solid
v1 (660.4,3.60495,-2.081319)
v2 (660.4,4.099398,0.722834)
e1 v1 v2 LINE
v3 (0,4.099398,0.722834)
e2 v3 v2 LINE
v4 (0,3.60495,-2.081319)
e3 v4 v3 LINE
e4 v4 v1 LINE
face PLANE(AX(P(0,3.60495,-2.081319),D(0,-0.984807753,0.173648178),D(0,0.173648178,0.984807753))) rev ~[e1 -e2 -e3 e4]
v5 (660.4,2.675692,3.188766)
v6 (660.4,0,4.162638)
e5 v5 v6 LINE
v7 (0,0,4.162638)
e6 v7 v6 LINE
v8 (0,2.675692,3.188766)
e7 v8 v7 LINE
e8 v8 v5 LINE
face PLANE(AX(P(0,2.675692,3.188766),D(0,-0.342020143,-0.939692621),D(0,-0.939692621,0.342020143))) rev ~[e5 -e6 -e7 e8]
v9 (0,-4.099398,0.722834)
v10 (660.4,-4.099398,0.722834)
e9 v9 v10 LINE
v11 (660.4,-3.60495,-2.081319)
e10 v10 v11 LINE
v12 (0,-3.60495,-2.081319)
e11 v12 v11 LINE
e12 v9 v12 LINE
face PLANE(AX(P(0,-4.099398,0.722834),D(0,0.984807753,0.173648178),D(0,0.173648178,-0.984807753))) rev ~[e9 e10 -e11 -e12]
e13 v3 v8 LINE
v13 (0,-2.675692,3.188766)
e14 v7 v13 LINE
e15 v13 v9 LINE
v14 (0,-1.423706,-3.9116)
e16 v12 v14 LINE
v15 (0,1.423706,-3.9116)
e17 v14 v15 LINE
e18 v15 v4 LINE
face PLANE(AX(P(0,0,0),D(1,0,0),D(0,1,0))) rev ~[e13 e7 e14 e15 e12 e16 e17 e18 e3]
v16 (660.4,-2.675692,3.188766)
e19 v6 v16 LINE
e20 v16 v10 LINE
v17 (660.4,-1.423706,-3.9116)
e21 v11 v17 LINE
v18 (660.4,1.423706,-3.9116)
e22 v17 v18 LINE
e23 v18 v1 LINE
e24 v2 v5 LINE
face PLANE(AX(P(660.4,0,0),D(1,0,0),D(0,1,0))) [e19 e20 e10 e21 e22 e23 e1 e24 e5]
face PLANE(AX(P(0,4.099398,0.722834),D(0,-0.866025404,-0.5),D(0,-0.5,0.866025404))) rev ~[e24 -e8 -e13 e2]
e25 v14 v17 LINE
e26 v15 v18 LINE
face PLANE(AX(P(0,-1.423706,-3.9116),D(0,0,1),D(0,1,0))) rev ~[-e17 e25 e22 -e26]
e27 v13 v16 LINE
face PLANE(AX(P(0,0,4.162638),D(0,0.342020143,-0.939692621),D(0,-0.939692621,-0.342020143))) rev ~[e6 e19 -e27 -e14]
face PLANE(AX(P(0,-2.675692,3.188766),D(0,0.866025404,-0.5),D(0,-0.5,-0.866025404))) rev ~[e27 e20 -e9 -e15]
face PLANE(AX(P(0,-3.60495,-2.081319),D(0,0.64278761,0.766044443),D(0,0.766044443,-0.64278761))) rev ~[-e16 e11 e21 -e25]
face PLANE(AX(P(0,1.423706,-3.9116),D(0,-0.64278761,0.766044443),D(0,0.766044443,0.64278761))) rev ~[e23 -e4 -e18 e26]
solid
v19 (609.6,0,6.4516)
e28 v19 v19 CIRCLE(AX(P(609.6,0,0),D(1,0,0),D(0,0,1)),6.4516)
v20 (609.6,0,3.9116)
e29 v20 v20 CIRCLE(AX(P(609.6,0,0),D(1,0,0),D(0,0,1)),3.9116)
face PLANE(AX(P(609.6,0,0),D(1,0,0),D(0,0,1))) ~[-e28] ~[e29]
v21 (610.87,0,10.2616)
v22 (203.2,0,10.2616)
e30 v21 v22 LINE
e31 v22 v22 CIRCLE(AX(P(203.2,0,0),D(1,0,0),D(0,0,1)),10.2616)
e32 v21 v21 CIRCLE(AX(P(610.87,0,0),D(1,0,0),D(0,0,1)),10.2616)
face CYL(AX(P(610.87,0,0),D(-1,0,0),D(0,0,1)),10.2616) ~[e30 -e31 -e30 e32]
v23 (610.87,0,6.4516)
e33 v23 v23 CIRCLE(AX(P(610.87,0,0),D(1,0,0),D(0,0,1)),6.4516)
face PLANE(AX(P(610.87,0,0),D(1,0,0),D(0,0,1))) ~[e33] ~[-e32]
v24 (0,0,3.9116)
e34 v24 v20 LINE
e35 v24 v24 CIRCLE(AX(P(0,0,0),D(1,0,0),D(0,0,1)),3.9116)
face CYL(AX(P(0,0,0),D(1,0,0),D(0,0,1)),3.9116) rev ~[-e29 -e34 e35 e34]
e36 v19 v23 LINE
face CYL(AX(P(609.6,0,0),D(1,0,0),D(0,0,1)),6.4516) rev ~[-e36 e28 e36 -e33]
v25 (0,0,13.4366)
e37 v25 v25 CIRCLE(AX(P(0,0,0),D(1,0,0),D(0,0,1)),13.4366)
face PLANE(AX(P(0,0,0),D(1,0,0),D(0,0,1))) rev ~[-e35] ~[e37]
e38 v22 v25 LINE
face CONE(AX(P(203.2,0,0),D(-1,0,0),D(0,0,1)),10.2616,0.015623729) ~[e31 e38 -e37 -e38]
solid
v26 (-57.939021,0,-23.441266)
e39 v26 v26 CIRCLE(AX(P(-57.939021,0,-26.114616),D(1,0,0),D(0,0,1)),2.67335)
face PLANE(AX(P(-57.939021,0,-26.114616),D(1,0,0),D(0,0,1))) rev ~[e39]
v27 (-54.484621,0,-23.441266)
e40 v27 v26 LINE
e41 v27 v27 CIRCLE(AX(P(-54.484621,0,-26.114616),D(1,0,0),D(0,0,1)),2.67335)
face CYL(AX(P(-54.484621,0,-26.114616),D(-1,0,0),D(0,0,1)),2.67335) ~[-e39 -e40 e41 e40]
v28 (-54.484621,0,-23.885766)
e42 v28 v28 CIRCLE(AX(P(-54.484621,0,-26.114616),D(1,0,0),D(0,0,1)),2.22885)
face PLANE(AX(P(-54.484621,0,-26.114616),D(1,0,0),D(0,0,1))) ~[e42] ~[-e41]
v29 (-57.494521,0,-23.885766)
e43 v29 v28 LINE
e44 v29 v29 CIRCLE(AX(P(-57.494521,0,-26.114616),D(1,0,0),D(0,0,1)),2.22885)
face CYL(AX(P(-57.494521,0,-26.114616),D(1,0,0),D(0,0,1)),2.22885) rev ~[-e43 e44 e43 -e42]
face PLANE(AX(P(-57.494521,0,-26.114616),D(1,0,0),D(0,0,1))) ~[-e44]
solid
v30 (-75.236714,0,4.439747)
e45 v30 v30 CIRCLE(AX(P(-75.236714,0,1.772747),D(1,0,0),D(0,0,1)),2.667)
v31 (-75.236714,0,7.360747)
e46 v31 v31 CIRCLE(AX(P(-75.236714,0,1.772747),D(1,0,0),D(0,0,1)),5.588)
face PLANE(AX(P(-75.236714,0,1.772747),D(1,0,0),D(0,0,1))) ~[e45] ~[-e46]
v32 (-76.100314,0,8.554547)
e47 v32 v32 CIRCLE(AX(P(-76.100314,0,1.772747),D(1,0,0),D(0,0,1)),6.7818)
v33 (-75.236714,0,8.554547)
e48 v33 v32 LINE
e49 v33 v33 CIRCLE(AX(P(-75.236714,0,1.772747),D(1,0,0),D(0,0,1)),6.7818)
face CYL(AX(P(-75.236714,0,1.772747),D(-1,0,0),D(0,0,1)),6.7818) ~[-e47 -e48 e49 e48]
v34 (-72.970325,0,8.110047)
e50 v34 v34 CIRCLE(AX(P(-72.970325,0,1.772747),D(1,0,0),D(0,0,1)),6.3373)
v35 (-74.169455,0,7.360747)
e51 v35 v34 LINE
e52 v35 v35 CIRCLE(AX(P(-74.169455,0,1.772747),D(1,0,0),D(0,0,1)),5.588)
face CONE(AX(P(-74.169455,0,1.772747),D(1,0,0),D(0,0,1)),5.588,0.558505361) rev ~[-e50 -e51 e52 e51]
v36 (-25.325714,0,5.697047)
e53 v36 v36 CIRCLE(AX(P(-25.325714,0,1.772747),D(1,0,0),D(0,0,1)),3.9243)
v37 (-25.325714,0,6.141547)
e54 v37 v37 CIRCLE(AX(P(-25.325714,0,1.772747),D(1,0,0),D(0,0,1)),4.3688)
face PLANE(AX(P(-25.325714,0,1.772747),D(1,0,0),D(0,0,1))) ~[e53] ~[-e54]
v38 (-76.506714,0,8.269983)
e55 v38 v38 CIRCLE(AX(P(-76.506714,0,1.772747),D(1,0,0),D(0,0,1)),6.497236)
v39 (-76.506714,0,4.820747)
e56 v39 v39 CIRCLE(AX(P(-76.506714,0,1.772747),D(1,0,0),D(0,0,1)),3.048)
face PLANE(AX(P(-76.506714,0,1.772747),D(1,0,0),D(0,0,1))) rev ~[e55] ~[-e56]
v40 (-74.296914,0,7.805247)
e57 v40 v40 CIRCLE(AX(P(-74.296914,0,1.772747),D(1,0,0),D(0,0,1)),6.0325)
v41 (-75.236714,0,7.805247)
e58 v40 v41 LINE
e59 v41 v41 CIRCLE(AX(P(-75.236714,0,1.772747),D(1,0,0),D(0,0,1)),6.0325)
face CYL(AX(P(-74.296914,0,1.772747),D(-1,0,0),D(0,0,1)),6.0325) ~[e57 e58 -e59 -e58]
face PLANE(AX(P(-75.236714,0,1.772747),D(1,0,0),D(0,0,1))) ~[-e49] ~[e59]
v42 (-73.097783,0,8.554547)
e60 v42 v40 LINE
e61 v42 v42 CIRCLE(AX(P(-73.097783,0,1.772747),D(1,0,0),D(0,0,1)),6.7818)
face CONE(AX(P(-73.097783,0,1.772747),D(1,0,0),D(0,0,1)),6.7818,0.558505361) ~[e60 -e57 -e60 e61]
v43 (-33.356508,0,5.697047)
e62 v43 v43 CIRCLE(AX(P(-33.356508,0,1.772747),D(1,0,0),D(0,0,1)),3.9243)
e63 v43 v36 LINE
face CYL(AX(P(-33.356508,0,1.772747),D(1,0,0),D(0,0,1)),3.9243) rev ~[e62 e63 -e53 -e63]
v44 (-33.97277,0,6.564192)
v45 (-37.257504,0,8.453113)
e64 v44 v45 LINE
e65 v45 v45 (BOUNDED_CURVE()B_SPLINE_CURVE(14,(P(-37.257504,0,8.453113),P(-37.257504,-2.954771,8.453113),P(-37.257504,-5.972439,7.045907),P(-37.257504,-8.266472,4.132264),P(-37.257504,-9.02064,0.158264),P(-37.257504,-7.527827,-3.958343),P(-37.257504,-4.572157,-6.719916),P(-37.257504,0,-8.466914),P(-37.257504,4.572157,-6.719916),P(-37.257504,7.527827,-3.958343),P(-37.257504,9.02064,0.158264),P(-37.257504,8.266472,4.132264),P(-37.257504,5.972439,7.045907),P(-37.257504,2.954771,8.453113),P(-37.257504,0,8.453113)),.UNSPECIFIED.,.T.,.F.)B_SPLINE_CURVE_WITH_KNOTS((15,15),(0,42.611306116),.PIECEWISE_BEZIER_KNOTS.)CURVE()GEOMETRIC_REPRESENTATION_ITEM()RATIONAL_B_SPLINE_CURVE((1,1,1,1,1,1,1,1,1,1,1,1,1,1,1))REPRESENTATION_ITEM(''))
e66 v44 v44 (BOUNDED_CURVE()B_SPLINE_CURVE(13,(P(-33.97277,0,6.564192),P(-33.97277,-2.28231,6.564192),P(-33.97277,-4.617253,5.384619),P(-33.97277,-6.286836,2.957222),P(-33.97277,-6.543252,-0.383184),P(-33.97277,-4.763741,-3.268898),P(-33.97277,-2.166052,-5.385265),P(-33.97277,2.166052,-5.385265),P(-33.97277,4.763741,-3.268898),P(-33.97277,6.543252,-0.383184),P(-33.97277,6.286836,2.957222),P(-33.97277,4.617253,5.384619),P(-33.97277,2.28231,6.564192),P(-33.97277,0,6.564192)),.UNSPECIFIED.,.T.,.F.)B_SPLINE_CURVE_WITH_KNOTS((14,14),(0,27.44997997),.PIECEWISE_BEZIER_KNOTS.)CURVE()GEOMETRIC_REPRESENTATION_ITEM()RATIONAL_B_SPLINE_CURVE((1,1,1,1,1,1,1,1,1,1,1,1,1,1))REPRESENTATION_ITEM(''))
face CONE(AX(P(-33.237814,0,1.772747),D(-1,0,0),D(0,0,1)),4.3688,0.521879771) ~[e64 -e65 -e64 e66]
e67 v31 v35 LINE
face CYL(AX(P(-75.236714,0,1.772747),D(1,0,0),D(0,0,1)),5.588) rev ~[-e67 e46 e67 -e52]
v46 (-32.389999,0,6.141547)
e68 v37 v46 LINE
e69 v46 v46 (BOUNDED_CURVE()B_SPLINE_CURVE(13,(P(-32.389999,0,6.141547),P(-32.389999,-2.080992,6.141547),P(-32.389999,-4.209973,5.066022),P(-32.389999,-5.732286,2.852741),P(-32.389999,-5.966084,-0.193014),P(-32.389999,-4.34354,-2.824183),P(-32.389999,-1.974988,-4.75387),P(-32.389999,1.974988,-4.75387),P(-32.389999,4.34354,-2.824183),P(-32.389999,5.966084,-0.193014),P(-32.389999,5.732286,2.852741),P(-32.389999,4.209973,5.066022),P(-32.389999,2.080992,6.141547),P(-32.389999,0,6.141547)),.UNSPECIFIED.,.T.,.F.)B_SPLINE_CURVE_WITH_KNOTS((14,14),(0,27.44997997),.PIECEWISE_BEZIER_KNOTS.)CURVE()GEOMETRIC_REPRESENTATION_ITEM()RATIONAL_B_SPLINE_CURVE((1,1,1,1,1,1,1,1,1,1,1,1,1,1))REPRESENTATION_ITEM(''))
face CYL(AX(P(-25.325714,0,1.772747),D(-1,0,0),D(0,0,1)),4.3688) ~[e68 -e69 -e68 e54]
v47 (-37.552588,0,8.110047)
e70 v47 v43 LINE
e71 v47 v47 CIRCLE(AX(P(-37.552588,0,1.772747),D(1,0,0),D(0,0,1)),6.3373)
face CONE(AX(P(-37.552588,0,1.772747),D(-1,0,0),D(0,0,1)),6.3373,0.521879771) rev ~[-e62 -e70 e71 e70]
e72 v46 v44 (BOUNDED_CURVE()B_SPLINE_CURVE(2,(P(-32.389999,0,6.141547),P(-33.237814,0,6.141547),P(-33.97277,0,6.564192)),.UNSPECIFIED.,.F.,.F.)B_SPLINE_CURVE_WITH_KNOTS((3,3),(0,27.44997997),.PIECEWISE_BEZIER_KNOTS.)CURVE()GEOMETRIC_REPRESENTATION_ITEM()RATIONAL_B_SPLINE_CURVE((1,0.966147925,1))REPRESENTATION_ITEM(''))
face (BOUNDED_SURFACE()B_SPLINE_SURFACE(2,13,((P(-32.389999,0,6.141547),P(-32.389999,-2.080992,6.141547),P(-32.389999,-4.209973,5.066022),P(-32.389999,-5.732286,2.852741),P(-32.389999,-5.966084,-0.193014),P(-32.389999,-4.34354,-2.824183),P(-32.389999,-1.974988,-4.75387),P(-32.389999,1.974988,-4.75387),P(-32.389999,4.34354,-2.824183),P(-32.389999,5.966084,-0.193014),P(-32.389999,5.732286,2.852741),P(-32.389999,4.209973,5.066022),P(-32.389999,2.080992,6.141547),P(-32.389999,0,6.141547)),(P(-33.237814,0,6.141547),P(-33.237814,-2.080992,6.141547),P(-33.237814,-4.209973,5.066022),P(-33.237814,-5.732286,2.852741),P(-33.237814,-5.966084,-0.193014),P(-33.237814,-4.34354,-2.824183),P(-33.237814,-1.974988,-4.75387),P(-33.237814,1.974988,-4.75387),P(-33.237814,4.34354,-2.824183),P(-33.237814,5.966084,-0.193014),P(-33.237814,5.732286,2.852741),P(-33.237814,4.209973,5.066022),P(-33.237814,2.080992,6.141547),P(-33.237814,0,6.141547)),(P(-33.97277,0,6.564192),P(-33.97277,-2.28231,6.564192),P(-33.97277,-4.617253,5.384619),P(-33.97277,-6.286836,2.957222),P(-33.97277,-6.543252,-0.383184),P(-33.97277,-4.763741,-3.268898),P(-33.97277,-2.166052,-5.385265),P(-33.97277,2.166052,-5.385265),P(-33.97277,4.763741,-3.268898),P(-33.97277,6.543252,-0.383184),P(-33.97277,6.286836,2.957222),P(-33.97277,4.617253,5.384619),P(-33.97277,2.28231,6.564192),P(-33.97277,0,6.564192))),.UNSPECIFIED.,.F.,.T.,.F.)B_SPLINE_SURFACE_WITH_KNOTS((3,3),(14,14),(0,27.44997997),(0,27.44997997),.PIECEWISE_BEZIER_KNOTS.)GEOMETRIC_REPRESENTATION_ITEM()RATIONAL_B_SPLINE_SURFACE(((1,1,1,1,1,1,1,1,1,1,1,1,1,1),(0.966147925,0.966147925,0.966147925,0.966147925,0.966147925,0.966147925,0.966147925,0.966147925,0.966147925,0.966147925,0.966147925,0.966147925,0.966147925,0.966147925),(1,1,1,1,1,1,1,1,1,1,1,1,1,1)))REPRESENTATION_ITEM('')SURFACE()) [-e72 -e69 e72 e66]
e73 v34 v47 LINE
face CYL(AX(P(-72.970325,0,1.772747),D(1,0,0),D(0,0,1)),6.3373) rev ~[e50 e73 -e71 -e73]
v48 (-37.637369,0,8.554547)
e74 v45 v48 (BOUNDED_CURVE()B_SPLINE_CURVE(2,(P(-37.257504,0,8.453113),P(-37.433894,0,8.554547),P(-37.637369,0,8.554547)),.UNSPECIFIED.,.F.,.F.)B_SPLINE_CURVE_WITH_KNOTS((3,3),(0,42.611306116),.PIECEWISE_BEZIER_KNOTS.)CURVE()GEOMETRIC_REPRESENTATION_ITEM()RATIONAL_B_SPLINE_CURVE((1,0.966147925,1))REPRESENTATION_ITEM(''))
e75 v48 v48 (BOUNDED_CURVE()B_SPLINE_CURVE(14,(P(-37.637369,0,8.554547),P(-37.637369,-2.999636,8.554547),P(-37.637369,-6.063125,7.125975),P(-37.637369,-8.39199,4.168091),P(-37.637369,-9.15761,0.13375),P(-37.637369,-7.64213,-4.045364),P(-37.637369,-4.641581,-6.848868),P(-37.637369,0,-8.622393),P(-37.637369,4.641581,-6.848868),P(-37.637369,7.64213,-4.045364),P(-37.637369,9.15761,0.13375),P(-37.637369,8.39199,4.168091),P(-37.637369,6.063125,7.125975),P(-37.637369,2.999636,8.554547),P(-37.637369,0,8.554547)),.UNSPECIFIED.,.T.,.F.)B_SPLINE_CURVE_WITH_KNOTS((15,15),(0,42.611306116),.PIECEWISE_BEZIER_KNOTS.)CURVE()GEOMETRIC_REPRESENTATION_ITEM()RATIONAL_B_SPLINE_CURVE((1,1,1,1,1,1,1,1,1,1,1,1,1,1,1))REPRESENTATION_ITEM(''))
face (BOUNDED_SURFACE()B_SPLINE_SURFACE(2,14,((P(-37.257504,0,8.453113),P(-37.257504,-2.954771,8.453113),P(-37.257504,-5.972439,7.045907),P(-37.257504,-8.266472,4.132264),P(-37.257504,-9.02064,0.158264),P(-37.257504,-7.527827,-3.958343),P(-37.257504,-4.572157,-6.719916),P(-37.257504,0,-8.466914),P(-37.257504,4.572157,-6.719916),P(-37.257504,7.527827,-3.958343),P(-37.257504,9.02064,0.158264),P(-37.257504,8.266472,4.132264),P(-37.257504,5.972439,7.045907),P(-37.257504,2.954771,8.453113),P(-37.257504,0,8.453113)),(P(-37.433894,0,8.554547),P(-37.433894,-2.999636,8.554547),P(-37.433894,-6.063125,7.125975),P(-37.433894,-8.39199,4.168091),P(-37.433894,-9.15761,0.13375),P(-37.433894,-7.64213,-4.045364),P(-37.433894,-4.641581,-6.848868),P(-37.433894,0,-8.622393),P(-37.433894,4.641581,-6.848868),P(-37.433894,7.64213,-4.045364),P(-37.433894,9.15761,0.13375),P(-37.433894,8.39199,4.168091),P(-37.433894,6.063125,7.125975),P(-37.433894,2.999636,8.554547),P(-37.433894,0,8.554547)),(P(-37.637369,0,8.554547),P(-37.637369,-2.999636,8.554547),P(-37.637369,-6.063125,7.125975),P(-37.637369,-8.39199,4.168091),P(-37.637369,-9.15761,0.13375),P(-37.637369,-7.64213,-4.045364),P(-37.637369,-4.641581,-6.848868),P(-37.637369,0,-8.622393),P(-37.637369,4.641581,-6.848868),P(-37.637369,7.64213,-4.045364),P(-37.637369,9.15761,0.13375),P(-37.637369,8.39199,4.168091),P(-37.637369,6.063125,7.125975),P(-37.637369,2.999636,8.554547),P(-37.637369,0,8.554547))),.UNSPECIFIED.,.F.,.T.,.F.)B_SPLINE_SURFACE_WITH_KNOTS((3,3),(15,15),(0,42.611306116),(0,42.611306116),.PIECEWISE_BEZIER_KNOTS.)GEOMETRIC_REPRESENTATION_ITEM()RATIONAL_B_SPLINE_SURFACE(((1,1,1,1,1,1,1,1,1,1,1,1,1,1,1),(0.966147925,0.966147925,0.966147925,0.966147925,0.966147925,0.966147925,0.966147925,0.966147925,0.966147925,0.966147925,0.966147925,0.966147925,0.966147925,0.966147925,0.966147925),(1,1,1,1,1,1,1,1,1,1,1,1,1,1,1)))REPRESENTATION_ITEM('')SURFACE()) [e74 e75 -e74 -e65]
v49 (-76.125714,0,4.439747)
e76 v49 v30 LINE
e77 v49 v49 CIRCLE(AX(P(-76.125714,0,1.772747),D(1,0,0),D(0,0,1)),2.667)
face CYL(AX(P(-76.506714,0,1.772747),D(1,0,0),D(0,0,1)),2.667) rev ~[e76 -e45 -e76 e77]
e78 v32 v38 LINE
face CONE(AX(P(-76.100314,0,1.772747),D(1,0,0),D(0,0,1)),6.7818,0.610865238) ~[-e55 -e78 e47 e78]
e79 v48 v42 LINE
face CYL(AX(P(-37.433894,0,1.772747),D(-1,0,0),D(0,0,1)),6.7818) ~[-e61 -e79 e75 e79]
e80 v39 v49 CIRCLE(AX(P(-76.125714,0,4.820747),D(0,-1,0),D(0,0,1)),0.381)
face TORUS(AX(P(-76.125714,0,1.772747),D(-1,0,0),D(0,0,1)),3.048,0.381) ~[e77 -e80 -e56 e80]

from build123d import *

# Parameters (mm, degrees)
F2_R      = 3.175
F3_R      = 0.762
F4_R      = 0.381
F10_DEPTH = 660.4


with BuildPart() as f1:
    # F0 (on Front) → F1 (revolve)
    with BuildSketch(Plane.XZ):
        Polygon((-76.5067136792, 8.2699830315), (-76.5067136792, 4.4397473751), (-75.2367136792, 4.4397473751), (-75.2367136792, 7.3607473751), (-74.1694553552, 7.3607473751), (-72.9703246926, 8.1100473751), (-37.5525877107, 8.1100473751), (-33.3565077107, 5.6970473751), (-25.3257136792, 5.6970473751), (-25.3257136792, 6.1415473751), (-33.2378136792, 6.1415473751), (-37.4338936792, 8.5545473751), (-73.0977830166, 8.5545473751), (-74.2969136792, 7.8052473751), (-75.2367136792, 7.8052473751), (-75.2367136792, 8.5545473751), (-76.1003136792, 8.5545473751), align=None)
    revolve(axis=Axis((-23.7759204088, 0, 1.7727473751), (1, 0, 0)))

    # F2
    f2_edges = [f1.edges().sort_by_distance(p)[0] for p in [
        (-33.237814, 0, -2.596053),
    ]]
    fillet(f2_edges, radius=F2_R)

    # F3
    f3_edges = [f1.edges().sort_by_distance(p)[0] for p in [
        (-37.433894, 0, -5.009053),
    ]]
    fillet(f3_edges, radius=F3_R)

    # F4
    f4_edges = [f1.edges().sort_by_distance(p)[0] for p in [
        (-76.506714, 0, -0.894253),
    ]]
    fillet(f4_edges, radius=F4_R)


with BuildPart() as f6:
    # F5 (on Front) → F6 (revolve)
    with BuildSketch(Plane.XZ):
        Polygon((-57.9390211184, -23.4412660812), (-57.9390211184, -26.1146160812), (-57.4945211184, -26.1146160812), (-57.4945211184, -23.8857660812), (-54.4846211184, -23.8857660812), (-54.4846211184, -23.4412660812), align=None)
    revolve(axis=Axis((-54.1630592197, 0, -26.1146160812), (1, 0, 0)))


with BuildPart() as f8:
    # F7 (on Front) → F8 (revolve)
    with BuildSketch(Plane.XZ):
        Polygon((0, 13.4366), (0, 3.9116), (609.6, 3.9116), (609.6, 6.4516), (610.87, 6.4516), (610.87, 10.2616), (203.2, 10.2616), align=None)
    revolve(axis=Axis((304.8, 0, 0), (1, 0, 0)))


with BuildPart() as f10:
    # F9 (on Right) → F10 (new body)
    with BuildSketch(Plane.YZ):
        Polygon((-1.4237059684, -3.9116), (1.4237059684, -3.9116), (3.6049500597, -2.0813188874), (4.0993979536, 0.7228344639), (2.6756919853, 3.1887655361), (0, 4.1626377748), (-2.6756919853, 3.1887655361), (-4.0993979536, 0.7228344639), (-3.6049500597, -2.0813188874), align=None)
    extrude(amount=F10_DEPTH)


solid = Compound([f1.part, f6.part, f8.part, f10.part])
